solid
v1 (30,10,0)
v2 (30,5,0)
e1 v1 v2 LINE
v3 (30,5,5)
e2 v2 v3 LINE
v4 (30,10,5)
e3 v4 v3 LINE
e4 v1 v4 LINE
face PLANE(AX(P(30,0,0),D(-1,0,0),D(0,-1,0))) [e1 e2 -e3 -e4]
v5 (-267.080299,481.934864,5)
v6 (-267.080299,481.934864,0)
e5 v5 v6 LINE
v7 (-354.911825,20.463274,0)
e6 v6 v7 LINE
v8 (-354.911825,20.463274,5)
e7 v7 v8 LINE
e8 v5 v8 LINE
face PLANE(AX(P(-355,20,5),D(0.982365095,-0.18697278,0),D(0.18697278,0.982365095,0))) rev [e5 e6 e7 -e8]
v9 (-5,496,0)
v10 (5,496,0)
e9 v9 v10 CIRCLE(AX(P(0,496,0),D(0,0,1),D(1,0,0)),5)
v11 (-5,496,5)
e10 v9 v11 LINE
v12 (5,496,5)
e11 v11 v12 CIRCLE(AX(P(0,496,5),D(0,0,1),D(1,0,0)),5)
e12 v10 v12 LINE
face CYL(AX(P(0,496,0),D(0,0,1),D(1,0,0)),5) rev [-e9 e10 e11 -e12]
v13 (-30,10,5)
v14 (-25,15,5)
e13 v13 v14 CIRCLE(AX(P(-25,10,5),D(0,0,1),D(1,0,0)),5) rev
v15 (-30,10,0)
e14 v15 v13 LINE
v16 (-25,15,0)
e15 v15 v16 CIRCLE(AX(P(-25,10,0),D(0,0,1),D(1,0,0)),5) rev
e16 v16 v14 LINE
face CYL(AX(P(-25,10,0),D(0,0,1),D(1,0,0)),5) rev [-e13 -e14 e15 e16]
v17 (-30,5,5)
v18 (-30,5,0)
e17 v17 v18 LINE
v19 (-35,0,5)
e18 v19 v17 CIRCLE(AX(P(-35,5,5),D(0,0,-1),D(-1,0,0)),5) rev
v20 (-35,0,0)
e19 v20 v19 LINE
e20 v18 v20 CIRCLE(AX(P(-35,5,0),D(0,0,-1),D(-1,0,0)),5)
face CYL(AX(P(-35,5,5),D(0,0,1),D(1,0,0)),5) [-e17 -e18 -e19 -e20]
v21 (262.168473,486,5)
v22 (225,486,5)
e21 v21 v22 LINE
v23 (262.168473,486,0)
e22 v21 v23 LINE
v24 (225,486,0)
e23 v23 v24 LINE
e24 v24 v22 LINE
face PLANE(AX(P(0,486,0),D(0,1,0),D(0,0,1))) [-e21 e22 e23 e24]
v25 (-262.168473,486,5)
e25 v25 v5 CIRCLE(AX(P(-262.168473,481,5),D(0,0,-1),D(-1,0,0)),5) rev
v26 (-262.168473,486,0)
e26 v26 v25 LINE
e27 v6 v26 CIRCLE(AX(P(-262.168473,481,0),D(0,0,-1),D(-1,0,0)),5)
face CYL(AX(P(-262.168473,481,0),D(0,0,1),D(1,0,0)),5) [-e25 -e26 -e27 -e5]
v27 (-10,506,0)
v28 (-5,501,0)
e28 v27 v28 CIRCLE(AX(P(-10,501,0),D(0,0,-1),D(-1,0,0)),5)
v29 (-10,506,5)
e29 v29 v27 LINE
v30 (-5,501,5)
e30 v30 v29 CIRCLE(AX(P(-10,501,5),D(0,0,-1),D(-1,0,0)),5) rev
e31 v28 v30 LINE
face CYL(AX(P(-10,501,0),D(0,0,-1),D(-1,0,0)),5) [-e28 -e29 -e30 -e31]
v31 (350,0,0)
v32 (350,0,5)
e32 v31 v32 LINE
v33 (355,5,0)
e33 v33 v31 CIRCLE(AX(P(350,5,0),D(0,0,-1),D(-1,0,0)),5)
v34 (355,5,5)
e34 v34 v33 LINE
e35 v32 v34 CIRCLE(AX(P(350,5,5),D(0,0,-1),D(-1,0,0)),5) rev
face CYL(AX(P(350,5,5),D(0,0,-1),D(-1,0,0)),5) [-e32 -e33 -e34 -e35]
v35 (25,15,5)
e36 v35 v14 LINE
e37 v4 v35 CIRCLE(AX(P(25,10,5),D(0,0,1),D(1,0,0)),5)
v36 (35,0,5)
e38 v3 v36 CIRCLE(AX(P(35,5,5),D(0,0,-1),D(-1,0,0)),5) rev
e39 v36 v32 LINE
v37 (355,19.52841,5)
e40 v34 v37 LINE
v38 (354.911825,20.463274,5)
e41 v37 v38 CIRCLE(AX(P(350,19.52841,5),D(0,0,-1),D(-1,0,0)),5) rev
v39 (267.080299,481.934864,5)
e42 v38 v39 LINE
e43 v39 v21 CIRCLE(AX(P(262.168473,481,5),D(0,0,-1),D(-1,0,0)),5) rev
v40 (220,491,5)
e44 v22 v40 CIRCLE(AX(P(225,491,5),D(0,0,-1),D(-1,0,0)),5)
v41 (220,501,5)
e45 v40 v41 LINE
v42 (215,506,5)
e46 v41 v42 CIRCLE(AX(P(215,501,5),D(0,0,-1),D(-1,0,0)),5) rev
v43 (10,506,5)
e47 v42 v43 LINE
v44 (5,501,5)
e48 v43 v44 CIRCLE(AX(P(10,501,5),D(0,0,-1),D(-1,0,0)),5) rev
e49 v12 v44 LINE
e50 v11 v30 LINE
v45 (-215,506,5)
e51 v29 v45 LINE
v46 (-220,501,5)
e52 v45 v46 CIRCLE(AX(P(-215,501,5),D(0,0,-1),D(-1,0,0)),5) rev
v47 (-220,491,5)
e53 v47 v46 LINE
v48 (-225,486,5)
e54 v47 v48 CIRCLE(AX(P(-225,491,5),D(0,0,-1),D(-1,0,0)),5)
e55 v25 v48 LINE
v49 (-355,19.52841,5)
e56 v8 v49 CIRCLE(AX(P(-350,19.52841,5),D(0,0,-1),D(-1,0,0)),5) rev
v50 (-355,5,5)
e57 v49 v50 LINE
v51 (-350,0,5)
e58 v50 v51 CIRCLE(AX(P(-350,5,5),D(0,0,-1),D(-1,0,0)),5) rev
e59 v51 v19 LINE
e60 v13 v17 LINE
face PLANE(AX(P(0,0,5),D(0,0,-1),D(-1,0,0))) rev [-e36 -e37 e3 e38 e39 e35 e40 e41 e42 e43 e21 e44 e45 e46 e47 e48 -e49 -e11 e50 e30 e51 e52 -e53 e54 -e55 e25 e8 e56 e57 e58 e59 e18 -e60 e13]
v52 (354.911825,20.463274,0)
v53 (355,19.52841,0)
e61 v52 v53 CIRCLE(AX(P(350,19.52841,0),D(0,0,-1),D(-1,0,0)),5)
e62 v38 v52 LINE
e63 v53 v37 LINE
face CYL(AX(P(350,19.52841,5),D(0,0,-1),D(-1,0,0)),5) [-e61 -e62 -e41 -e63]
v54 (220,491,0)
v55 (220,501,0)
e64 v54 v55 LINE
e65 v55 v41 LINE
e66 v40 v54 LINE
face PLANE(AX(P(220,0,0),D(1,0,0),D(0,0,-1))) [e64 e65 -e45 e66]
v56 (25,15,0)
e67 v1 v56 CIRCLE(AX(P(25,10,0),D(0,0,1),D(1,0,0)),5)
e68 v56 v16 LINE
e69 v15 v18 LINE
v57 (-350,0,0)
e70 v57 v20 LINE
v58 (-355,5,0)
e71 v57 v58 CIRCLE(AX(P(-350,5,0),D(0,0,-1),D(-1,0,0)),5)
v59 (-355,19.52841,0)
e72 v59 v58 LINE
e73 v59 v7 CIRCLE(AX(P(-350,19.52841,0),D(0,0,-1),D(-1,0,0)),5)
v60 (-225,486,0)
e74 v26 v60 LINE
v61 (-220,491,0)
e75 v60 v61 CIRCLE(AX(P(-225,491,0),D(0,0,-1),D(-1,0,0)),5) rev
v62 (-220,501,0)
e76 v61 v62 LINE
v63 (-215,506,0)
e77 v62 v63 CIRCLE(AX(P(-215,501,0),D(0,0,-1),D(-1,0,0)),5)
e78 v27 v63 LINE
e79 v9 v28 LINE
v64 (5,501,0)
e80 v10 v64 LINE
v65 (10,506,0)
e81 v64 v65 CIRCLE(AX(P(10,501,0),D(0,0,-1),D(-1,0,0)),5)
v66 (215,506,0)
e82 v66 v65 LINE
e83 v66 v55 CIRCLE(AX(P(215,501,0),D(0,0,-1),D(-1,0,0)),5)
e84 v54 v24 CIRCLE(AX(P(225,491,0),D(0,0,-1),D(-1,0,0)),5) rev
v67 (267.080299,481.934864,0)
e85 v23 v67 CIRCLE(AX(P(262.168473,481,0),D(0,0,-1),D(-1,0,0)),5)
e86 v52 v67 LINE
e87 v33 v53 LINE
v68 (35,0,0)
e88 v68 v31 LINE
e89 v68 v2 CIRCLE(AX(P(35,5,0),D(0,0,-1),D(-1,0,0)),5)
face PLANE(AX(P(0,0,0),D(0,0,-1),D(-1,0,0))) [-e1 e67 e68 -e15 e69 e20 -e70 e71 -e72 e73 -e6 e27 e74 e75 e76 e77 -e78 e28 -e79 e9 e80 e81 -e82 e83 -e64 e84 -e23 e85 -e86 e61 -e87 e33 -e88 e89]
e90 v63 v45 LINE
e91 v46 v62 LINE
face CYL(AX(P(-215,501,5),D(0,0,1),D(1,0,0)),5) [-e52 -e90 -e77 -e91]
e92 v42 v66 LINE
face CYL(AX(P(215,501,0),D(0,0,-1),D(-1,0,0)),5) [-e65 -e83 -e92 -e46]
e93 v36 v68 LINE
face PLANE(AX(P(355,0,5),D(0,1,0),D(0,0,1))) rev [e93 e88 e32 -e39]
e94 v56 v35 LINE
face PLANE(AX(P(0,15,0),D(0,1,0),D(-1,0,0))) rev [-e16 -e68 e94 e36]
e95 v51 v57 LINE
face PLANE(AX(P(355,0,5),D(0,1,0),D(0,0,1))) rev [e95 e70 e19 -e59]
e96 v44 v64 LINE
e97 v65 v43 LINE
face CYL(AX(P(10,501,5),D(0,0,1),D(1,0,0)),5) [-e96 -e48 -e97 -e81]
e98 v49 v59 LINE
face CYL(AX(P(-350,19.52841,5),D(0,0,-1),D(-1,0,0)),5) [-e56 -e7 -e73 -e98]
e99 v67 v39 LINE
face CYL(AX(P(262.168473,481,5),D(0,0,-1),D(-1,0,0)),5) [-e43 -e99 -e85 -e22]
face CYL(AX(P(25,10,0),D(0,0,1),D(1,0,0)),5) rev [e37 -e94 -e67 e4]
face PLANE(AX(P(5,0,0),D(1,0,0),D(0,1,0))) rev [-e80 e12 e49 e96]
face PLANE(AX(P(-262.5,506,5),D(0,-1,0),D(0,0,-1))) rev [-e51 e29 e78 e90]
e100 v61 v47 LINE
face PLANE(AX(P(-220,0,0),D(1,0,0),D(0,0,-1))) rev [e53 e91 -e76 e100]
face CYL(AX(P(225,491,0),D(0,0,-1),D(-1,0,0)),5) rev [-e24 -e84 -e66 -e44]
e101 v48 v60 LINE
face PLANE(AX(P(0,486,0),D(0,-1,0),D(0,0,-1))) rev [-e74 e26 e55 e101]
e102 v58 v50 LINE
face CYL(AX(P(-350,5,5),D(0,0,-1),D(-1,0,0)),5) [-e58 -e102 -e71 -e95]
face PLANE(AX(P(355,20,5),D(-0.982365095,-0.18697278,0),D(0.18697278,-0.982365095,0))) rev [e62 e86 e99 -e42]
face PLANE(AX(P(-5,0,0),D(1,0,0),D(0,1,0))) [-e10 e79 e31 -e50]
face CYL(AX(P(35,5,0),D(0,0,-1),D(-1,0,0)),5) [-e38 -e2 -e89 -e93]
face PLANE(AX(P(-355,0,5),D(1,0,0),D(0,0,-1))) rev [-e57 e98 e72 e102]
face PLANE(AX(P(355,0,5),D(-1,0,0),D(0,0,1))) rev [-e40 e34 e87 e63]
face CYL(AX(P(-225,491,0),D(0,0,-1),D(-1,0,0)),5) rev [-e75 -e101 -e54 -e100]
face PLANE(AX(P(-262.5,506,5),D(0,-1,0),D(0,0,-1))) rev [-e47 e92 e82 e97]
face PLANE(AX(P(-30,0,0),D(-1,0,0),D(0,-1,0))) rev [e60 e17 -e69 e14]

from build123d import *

# Parameters (mm, degrees)
EXTRUDE_1_DEPTH     = 5
CUT_EXTRUDE_1_DEPTH = 619.131054065
FILLET_1_R          = 5


with BuildPart() as part:
    # ｽｹｯﾁ2 → ﾎﾞｽ - 押し出し1 (new body)
    with BuildSketch(Plane.XY):
        Polygon((355, 0), (-355, 0), (-355, 20), (-262.5, 506), (262.5, 506), (355, 20), align=None)
    extrude(amount=EXTRUDE_1_DEPTH)

    # ｽｹｯﾁ3 → ｶｯﾄ - 押し出し1 (cut, through all)
    with BuildSketch(Plane.XY.offset(5)):
        Polygon((-262.5, 506), (-266.306584362, 486), (-220, 486), (-220, 506), align=None)
        Polygon((262.5, 506), (220, 506), (220, 486), (266.306584362, 486), align=None)
        with BuildLine():
            Line((5, 506), (-5, 506))
            Line((-5, 506), (-5, 496))
            ThreePointArc((-5, 496), (0, 491), (5, 496))
            Line((5, 496), (5, 506))
        make_face()
        with BuildLine():
            Line((-30, 10), (-30, 0))
            Line((-30, 0), (30, 0))
            Line((30, 0), (30, 10))
            ThreePointArc((30, 10), (28.535533906, 13.535533906), (25, 15))
            Line((25, 15), (-25, 15))
            ThreePointArc((-25, 15), (-28.535533906, 13.535533906), (-30, 10))
        make_face()
    extrude(amount=-CUT_EXTRUDE_1_DEPTH, mode=Mode.SUBTRACT)

    # ﾌｨﾚｯﾄ1
    fillet_1_edges = [part.edges().sort_by_distance(p)[0] for p in [
        (-355, 20, 2.5),
        (355, 20, 2.5),
        (355, 0, 2.5),
        (-355, 0, 2.5),
        (-220, 486, 2.5),
        (-266.306584362, 486, 2.5),
        (-220, 506, 2.5),
        (266.306584362, 486, 2.5),
        (220, 486, 2.5),
        (220, 506, 2.5),
        (-5, 506, 2.5),
        (5, 506, 2.5),
        (30, 0, 2.5),
        (-30, 0, 2.5),
    ]]
    fillet(fillet_1_edges, radius=FILLET_1_R)


solid = part.part
